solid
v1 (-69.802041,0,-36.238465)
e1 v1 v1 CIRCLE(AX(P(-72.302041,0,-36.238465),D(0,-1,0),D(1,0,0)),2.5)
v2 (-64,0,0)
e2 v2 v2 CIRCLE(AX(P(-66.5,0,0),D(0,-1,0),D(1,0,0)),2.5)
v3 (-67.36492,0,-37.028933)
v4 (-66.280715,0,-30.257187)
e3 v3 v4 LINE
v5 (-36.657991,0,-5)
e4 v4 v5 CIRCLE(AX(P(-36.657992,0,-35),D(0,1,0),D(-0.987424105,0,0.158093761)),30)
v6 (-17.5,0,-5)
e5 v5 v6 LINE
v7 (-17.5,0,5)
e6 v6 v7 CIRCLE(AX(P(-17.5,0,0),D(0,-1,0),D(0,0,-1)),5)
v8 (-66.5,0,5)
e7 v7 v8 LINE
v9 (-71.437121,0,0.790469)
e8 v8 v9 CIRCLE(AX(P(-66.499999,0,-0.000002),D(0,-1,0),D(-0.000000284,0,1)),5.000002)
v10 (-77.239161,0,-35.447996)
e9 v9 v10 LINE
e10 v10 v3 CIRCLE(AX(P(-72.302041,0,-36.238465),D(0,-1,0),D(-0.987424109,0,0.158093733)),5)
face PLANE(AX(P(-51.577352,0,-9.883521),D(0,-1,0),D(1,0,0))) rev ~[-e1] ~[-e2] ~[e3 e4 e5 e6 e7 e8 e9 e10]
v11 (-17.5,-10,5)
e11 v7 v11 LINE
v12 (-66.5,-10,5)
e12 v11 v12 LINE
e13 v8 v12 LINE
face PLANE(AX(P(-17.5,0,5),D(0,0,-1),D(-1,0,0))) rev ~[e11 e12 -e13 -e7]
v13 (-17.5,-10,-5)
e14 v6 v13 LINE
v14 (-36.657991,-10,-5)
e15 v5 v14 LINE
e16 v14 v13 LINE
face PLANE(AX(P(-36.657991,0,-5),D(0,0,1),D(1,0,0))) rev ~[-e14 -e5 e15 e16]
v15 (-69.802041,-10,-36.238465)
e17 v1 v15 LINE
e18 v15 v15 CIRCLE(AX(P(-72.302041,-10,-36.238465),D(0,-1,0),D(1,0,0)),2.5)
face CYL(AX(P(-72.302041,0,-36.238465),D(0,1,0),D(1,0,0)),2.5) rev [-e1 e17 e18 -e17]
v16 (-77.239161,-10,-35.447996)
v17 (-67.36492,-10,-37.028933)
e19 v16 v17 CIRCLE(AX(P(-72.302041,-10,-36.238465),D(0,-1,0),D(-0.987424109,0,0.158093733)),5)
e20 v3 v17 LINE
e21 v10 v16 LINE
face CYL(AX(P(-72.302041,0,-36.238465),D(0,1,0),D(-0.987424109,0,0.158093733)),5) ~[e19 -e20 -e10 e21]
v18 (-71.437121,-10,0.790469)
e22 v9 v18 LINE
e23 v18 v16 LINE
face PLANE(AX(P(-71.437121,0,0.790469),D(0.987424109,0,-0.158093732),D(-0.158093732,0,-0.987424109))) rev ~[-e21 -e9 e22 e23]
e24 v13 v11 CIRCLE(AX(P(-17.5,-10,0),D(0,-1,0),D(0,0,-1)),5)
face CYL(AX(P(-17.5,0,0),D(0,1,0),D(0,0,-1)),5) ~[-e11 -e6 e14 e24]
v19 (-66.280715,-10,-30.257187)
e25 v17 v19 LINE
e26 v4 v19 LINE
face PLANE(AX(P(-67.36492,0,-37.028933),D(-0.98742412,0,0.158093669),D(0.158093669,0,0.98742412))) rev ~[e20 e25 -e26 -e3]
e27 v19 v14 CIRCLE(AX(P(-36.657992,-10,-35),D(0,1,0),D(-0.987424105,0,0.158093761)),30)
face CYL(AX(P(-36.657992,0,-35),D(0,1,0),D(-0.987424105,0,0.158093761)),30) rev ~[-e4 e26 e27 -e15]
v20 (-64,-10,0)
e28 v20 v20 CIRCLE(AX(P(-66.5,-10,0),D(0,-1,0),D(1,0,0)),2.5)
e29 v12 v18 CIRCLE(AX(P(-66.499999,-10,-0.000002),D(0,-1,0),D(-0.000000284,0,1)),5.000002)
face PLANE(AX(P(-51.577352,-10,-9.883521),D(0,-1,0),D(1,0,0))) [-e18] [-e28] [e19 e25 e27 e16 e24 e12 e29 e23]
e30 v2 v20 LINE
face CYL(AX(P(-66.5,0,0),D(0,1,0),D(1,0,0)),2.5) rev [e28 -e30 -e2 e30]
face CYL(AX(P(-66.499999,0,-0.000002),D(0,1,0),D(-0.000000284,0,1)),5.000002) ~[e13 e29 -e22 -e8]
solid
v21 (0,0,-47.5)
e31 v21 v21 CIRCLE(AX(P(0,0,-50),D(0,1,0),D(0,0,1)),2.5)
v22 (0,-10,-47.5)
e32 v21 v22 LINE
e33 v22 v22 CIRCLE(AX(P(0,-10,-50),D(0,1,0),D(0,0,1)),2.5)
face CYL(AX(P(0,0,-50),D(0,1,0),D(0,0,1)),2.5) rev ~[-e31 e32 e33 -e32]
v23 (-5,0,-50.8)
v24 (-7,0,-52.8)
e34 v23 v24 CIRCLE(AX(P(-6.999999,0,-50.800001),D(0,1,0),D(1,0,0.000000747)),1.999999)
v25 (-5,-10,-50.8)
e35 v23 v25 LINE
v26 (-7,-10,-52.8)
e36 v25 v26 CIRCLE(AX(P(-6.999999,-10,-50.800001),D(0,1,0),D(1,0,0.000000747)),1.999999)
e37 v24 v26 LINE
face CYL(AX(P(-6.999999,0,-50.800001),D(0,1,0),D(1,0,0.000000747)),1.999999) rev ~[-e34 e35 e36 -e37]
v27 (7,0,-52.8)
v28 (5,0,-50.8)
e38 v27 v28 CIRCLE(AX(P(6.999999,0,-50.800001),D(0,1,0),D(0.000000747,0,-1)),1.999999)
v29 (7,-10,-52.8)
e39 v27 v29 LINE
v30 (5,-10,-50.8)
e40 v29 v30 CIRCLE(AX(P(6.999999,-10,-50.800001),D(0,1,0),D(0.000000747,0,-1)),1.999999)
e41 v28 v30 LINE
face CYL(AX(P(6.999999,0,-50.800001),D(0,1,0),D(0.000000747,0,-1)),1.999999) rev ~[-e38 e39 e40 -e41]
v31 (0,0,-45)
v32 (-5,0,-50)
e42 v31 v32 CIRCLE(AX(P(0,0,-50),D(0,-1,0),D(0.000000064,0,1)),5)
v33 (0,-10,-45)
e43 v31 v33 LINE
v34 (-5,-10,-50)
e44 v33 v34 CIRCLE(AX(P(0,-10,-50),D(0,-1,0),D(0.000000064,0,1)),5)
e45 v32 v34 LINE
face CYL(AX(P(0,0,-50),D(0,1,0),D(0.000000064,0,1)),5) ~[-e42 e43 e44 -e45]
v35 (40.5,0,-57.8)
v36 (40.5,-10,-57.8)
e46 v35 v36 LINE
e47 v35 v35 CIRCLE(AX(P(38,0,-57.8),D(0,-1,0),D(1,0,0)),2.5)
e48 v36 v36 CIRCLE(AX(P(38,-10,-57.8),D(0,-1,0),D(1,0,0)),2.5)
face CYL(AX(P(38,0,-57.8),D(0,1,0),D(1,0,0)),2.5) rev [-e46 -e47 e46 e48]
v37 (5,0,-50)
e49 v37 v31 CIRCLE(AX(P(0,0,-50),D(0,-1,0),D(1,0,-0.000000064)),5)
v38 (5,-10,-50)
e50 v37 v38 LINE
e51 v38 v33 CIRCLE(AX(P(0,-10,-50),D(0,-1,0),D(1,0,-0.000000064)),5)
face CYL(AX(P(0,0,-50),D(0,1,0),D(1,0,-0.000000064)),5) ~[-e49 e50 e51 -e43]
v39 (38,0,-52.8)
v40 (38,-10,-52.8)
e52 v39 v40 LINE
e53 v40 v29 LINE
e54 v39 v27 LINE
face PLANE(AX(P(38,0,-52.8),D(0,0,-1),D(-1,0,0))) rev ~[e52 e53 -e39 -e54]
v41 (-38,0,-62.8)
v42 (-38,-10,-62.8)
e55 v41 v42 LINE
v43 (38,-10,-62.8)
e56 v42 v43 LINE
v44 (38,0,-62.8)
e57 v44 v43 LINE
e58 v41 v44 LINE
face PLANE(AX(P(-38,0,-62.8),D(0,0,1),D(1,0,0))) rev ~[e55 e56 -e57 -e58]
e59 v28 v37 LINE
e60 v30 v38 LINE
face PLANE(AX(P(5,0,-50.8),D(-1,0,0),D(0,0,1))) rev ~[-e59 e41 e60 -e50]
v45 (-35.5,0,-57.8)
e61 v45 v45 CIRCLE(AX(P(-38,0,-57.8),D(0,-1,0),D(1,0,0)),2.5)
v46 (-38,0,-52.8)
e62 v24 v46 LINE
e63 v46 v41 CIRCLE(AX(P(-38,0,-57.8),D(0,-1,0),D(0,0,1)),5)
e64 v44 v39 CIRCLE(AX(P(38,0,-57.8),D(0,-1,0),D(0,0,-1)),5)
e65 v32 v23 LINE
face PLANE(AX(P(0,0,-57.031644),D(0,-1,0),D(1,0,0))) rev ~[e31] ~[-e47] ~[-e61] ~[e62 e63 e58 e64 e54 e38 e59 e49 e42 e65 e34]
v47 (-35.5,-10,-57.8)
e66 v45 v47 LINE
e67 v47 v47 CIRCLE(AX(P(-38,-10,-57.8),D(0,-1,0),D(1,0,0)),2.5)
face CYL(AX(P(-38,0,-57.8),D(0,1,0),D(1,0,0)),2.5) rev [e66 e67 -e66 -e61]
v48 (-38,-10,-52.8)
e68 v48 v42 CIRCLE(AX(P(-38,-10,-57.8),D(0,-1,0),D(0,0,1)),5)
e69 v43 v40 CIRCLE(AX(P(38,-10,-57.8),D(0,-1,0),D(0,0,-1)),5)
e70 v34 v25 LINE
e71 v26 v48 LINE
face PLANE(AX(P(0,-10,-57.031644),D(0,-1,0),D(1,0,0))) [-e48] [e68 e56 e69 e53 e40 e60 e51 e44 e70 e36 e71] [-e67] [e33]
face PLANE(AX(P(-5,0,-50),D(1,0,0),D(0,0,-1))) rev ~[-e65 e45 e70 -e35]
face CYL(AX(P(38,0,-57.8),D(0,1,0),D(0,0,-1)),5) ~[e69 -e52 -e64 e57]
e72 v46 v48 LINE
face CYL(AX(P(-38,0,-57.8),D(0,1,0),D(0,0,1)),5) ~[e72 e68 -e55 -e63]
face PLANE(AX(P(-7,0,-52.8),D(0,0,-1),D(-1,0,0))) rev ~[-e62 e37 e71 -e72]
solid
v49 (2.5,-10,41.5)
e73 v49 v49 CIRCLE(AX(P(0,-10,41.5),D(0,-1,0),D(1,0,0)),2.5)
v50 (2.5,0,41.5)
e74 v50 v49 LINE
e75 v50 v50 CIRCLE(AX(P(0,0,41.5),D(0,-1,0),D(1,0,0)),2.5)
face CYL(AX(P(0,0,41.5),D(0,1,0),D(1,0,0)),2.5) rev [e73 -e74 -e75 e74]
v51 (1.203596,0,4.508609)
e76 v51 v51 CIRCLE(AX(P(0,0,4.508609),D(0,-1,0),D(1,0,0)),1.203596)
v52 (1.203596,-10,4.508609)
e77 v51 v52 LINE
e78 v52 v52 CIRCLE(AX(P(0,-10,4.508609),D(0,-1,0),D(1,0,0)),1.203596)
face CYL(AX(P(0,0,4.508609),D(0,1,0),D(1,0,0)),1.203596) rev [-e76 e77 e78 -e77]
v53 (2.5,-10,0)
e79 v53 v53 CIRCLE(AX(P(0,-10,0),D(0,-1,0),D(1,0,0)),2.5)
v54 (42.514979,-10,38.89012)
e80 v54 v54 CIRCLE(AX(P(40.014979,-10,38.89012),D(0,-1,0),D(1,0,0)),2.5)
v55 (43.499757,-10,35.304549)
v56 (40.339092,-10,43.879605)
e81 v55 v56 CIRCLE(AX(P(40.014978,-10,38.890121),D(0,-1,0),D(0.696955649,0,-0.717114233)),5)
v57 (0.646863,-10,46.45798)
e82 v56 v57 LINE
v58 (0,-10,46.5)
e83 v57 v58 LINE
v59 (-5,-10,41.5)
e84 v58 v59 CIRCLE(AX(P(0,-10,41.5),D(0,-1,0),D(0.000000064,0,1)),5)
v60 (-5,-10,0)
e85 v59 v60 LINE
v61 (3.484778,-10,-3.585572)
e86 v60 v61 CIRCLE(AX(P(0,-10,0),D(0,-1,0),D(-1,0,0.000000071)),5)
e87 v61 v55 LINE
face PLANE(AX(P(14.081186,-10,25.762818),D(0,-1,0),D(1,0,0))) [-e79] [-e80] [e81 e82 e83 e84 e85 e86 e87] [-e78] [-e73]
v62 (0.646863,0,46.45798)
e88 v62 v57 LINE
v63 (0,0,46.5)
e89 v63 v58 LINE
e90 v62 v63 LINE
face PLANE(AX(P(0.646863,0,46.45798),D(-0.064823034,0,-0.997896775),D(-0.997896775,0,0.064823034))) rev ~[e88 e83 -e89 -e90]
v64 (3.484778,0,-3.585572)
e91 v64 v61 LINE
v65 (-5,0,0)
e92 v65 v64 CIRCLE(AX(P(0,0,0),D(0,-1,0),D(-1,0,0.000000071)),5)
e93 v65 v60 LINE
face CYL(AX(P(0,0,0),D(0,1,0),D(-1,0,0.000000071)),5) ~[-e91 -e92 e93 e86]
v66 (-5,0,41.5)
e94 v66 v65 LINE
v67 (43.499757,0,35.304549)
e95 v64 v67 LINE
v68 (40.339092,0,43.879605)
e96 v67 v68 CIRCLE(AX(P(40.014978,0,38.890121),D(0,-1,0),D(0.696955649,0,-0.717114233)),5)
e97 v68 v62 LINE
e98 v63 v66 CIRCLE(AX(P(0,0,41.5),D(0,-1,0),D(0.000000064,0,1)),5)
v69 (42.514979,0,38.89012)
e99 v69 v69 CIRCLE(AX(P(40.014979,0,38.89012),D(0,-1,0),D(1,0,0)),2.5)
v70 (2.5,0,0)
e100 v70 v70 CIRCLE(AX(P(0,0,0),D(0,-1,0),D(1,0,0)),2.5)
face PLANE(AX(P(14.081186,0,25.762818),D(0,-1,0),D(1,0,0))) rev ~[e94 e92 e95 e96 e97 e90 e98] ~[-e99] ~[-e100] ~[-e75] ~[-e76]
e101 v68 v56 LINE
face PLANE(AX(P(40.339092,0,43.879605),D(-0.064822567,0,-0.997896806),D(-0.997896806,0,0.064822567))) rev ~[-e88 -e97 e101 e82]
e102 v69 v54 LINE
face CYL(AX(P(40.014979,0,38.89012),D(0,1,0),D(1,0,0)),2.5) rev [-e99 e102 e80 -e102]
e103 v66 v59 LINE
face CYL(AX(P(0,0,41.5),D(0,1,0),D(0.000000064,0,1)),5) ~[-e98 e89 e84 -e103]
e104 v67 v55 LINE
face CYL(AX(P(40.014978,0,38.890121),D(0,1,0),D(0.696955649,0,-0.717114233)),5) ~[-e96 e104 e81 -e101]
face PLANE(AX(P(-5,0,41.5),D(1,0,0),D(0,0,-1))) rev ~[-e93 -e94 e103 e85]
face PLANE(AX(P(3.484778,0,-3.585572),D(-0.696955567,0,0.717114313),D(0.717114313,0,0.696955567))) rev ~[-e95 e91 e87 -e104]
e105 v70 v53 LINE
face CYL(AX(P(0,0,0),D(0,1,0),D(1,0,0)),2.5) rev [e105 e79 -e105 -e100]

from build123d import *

# Parameters (mm, degrees)
F0_R     = 2.5
F0_R_2   = 1.203596
F1_DEPTH = 10
F2_R     = 2.5
F4_DEPTH = 10
F3_R     = 2.5
F5_DEPTH = 10


with BuildPart() as f1:
    # F0 (on Front) → F1 (new body)
    with BuildSketch(Plane.XZ):
        with BuildLine():
            Line((40.339092, 43.879605), (0.646863, 46.45798))
            Line((0.646863, 46.45798), (0, 46.5))
            ThreePointArc((0, 46.5), (-3.535534, 45.035534), (-5, 41.5))
            Line((-5, 41.5), (-5, 0))
            ThreePointArc((-5, 0), (-1.946293, -4.605643), (3.484778, -3.585572))
            Line((3.484778, -3.585572), (43.499757, 35.304549))
            ThreePointArc((43.499757, 35.304549), (44.70644, 40.619338), (40.339092, 43.879605))
        make_face()
        Circle(F0_R, mode=Mode.SUBTRACT)
        with Locations((0, 4.508609)):
            Circle(F0_R_2, mode=Mode.SUBTRACT)
        with Locations((0, 41.5)):
            Circle(F0_R, mode=Mode.SUBTRACT)
        with Locations((40.014979, 38.89012)):
            Circle(F0_R, mode=Mode.SUBTRACT)
    extrude(amount=F1_DEPTH)


with BuildPart() as f4:
    # F2 (on Front) → F4 (new body)
    with BuildSketch(Plane.XZ):
        with BuildLine():
            Line((-36.657991, -5), (-17.5, -5))
            ThreePointArc((-17.5, -5), (-12.5, 0), (-17.5, 5))
            Line((-17.5, 5), (-66.5, 5))
            ThreePointArc((-66.5, 5), (-69.744045, 3.804756), (-71.437121, 0.790469))
            Line((-71.437121, 0.790469), (-77.239161, -35.447996))
            ThreePointArc((-77.239161, -35.447996), (-73.09251, -41.175585), (-67.36492, -37.028933))
            Line((-67.36492, -37.028933), (-66.280715, -30.257187))
            ThreePointArc((-66.280715, -30.257187), (-56.122262, -12.171461), (-36.657991, -5))
        make_face()
        with Locations((-72.302041, -36.238465)):
            Circle(F2_R, mode=Mode.SUBTRACT)
        with Locations((-66.5, 0)):
            Circle(F2_R, mode=Mode.SUBTRACT)
    extrude(amount=F4_DEPTH)


with BuildPart() as f5:
    # F3 (on Front) → F5 (new body)
    with BuildSketch(Plane.XZ):
        with BuildLine():
            Line((-7, -52.8), (-38, -52.8))
            ThreePointArc((-38, -52.8), (-43, -57.8), (-38, -62.8))
            Line((-38, -62.8), (0, -62.8))
            Line((0, -62.8), (38, -62.8))
            ThreePointArc((38, -62.8), (43, -57.8), (38, -52.8))
            Line((38, -52.8), (7, -52.8))
            ThreePointArc((7, -52.8), (5.585786, -52.214214), (5, -50.8))
            Line((5, -50.8), (5, -50))
            ThreePointArc((5, -50), (3.535534, -46.464466), (0, -45))
            ThreePointArc((0, -45), (-3.535534, -46.464466), (-5, -50))
            Line((-5, -50), (-5, -50.8))
            ThreePointArc((-5, -50.8), (-5.585786, -52.214214), (-7, -52.8))
        make_face()
        with Locations((-38, -57.8)):
            Circle(F3_R, mode=Mode.SUBTRACT)
        with Locations((38, -57.8)):
            Circle(F3_R, mode=Mode.SUBTRACT)
        with BuildLine():
            ThreePointArc((0, -52.5), (-2.5, -50), (0, -47.5))
            ThreePointArc((0, -47.5), (2.5, -50), (0, -52.5))
        make_face(mode=Mode.SUBTRACT)
    extrude(amount=F5_DEPTH)


solid = Compound([f1.part, f4.part, f5.part])
